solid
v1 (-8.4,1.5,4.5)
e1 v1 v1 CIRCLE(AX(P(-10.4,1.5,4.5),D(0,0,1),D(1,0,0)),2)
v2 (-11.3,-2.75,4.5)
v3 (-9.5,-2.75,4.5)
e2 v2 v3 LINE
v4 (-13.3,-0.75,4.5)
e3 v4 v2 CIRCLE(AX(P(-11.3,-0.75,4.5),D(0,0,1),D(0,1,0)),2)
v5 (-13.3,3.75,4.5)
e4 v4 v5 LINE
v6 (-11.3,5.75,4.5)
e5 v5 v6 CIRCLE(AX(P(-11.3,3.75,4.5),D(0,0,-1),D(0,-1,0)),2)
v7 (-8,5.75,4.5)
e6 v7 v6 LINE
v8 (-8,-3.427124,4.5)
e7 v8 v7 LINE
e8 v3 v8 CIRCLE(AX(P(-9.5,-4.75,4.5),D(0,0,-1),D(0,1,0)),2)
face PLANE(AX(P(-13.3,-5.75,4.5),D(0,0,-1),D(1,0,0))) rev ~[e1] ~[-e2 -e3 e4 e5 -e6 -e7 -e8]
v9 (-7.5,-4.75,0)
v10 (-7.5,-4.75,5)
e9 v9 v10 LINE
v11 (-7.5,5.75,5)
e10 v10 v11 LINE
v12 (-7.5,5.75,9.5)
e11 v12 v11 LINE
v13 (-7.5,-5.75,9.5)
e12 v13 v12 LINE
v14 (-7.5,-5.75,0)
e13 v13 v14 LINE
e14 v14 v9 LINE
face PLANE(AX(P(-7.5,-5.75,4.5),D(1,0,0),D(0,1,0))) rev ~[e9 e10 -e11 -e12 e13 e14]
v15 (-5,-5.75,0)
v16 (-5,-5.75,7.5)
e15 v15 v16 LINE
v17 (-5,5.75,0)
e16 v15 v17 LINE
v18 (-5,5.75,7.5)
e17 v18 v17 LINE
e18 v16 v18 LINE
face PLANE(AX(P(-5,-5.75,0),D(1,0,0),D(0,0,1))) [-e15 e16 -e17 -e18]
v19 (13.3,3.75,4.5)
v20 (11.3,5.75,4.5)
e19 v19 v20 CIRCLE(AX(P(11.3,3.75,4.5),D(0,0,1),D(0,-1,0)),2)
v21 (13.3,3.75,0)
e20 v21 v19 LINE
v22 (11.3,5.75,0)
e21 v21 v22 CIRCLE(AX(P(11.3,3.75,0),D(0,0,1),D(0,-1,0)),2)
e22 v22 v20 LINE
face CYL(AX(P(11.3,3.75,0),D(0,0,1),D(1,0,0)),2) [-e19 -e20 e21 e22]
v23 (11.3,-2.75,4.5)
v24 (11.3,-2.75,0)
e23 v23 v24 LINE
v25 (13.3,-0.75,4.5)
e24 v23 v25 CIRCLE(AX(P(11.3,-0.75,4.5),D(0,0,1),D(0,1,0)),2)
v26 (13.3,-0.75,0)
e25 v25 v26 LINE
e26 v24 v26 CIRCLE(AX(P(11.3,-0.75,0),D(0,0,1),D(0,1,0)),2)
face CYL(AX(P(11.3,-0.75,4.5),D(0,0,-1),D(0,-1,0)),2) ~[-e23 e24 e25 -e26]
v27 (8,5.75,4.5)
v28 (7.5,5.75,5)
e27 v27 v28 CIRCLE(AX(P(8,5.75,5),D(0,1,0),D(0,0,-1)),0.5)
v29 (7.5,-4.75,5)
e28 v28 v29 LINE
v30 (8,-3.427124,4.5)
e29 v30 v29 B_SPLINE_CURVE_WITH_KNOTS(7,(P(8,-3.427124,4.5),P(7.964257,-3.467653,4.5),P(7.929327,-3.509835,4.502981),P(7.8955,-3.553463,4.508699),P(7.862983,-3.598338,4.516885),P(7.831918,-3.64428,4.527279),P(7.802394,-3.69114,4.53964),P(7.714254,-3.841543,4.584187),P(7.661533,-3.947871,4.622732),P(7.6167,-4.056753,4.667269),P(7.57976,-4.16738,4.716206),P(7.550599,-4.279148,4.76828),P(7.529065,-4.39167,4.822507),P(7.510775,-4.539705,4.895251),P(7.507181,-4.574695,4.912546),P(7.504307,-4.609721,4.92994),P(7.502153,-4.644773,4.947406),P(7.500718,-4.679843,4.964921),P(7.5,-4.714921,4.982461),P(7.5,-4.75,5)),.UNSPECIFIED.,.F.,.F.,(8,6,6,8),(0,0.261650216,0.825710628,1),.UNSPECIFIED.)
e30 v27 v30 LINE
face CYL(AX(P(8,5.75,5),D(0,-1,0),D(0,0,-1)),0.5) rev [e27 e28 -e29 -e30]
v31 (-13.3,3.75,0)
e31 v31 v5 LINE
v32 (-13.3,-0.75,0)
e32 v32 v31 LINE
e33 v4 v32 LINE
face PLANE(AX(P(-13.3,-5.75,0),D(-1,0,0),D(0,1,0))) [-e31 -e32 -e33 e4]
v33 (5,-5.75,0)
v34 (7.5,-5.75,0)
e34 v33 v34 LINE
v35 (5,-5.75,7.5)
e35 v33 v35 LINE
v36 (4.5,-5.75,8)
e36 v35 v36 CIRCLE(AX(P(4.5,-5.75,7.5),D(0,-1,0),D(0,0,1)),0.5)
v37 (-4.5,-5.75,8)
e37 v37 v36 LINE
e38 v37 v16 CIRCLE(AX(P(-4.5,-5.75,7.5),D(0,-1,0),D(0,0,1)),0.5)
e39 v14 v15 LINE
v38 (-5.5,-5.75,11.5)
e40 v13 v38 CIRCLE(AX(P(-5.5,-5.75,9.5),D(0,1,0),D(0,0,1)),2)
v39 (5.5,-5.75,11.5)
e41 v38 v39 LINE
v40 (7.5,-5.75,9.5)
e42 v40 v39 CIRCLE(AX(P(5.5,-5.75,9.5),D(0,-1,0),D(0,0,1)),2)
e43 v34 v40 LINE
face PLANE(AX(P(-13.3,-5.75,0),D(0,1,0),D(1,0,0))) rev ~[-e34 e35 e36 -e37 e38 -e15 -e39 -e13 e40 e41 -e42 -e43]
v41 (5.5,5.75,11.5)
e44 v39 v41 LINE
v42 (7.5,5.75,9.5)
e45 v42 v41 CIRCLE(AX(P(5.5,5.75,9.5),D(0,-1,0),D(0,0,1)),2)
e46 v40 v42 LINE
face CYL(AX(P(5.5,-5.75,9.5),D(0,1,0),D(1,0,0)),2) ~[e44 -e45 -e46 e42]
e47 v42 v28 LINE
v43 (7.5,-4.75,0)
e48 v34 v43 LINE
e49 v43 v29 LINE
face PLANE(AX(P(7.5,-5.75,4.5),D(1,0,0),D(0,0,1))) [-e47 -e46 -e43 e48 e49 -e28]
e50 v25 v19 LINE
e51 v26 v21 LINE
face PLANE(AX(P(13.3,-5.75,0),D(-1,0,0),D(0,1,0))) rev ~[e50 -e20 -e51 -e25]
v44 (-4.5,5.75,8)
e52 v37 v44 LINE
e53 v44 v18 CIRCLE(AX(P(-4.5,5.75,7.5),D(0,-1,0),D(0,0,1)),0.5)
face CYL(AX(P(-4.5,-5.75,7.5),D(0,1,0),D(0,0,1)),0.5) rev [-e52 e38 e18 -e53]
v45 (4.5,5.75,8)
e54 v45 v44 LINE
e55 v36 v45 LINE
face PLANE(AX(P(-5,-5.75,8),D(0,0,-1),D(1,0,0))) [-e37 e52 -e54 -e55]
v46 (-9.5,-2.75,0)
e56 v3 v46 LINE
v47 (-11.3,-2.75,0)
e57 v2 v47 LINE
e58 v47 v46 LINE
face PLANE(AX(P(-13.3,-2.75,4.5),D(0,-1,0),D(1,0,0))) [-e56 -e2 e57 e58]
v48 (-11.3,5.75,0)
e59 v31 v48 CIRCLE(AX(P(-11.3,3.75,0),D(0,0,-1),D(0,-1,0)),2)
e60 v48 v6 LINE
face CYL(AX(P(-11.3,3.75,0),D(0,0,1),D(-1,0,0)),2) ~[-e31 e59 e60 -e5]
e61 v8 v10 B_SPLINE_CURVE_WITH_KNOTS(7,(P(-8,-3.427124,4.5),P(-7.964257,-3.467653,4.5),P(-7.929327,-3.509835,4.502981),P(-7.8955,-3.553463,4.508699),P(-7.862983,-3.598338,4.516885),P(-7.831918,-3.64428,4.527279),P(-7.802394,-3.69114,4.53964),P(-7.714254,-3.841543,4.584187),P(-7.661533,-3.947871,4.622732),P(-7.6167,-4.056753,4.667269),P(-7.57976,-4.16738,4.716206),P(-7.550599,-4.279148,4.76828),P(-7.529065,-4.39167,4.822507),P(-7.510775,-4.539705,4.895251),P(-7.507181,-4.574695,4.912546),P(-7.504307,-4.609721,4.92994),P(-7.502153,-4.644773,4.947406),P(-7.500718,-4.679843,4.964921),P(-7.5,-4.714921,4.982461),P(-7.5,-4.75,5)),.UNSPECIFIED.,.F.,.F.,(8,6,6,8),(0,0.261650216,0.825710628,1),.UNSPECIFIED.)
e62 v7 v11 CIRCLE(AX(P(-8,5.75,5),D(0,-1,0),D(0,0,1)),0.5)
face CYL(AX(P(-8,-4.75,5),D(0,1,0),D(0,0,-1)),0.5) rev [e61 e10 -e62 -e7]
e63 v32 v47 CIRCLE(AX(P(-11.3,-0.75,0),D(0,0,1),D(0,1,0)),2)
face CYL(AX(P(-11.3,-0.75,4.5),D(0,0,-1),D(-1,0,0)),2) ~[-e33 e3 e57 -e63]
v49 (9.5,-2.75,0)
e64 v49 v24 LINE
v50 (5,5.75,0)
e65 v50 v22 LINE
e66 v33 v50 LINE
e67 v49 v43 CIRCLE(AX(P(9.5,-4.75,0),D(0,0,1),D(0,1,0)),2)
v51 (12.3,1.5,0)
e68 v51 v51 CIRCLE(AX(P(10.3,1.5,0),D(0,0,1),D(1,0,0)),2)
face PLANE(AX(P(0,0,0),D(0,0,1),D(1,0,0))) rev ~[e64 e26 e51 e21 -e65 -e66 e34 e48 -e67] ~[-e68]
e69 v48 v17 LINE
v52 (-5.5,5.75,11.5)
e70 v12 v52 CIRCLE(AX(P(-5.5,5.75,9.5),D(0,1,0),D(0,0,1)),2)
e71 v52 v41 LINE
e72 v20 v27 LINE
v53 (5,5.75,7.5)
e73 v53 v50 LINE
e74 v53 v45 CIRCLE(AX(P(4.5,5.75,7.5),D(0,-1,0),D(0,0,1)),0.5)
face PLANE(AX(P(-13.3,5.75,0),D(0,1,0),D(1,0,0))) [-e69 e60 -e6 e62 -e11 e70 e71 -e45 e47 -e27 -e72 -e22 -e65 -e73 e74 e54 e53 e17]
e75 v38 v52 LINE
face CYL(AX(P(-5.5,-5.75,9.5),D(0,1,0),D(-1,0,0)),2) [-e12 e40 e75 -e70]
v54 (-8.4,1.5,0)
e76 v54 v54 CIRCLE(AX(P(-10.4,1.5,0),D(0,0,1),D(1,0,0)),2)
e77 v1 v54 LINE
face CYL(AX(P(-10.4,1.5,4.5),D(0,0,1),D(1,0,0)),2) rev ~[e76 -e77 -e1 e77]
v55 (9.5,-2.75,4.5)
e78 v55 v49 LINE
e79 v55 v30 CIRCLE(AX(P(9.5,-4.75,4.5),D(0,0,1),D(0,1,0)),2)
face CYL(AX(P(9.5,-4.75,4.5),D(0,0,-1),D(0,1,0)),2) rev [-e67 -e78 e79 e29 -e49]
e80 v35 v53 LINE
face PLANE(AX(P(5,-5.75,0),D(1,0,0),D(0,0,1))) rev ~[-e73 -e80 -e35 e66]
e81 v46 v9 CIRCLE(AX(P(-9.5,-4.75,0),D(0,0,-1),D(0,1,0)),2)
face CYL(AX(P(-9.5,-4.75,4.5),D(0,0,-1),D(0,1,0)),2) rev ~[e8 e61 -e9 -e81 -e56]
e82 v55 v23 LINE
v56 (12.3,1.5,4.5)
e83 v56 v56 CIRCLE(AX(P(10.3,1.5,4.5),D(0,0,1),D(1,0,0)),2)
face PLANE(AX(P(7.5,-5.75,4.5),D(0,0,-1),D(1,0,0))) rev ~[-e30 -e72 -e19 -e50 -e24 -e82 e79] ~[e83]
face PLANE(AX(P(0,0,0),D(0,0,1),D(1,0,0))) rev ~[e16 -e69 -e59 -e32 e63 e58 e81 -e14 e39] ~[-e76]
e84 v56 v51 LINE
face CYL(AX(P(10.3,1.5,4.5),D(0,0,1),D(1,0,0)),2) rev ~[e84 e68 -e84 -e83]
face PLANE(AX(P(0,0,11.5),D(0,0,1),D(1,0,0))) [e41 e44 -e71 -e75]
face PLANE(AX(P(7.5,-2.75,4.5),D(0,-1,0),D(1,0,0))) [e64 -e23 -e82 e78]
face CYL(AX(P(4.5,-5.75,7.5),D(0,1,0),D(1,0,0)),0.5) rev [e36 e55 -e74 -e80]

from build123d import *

# Parameters (mm, degrees)
F0_W     = 26.6
F0_H     = 11.5
F1_DEPTH = 11.5
F2_W     = 5.8
F2_H     = 7
F2_W_2   = 10
F2_H_2   = 8
F3_DEPTH = 11.501
F4_W     = 5.8
F4_H     = 3
F4_R     = 2
F5_DEPTH = 4.501
F6_W     = 5.8
F6_H     = 3
F6_R     = 2
F7_DEPTH = 4.501
F8_R     = 2
F9_R     = 0.5


with BuildPart() as f1:
    # F0 (on Top) → F1 (new body)
    with BuildSketch(Plane.XY):
        Rectangle(F0_W, F0_H)
    extrude(amount=F1_DEPTH)

    # F2 (on face) → F3 (cut, through all)
    with BuildSketch(Plane.XZ.offset(5.75)):
        with Locations((-10.4, 8)):
            Rectangle(F2_W, F2_H)
        with Locations((10.4, 8)):
            Rectangle(F2_W, F2_H)
        with Locations((0, 4)):
            Rectangle(F2_W_2, F2_H_2)
    extrude(amount=-F3_DEPTH, mode=Mode.SUBTRACT)

    # F4 (on face) → F5 (cut, through all)
    with BuildSketch(Plane.XY.offset(4.5)):
        with Locations((-10.4, -4.25)):
            Rectangle(F4_W, F4_H)
        with Locations((-10.4, 1.5)):
            Circle(F4_R)
    extrude(amount=-F5_DEPTH, mode=Mode.SUBTRACT)

    # F6 (on face) → F7 (cut, through all)
    with BuildSketch(Plane.XY.offset(4.5)):
        with Locations((10.4, -4.25)):
            Rectangle(F6_W, F6_H)
        with Locations((10.3, 1.5)):
            Circle(F6_R)
    extrude(amount=-F7_DEPTH, mode=Mode.SUBTRACT)

    # F8
    f8_edges = [f1.edges().sort_by_distance(p)[0] for p in [
        (-7.5, 0, 11.5),
        (7.5, 0, 11.5),
        (-13.3, -2.75, 2.25),
        (-13.3, 5.75, 2.25),
        (-7.5, -2.75, 2.25),
        (13.3, 5.75, 2.25),
        (13.3, -2.75, 2.25),
        (7.5, -2.75, 2.25),
    ]]
    fillet(f8_edges, radius=F8_R)

    # F9
    f9_edges = [f1.edges().sort_by_distance(p)[0] for p in [
        (-7.5, 1.5, 4.5),
        (7.5, 1.5, 4.5),
        (-5, 0, 8),
        (5, 0, 8),
    ]]
    fillet(f9_edges, radius=F9_R)


solid = f1.part
